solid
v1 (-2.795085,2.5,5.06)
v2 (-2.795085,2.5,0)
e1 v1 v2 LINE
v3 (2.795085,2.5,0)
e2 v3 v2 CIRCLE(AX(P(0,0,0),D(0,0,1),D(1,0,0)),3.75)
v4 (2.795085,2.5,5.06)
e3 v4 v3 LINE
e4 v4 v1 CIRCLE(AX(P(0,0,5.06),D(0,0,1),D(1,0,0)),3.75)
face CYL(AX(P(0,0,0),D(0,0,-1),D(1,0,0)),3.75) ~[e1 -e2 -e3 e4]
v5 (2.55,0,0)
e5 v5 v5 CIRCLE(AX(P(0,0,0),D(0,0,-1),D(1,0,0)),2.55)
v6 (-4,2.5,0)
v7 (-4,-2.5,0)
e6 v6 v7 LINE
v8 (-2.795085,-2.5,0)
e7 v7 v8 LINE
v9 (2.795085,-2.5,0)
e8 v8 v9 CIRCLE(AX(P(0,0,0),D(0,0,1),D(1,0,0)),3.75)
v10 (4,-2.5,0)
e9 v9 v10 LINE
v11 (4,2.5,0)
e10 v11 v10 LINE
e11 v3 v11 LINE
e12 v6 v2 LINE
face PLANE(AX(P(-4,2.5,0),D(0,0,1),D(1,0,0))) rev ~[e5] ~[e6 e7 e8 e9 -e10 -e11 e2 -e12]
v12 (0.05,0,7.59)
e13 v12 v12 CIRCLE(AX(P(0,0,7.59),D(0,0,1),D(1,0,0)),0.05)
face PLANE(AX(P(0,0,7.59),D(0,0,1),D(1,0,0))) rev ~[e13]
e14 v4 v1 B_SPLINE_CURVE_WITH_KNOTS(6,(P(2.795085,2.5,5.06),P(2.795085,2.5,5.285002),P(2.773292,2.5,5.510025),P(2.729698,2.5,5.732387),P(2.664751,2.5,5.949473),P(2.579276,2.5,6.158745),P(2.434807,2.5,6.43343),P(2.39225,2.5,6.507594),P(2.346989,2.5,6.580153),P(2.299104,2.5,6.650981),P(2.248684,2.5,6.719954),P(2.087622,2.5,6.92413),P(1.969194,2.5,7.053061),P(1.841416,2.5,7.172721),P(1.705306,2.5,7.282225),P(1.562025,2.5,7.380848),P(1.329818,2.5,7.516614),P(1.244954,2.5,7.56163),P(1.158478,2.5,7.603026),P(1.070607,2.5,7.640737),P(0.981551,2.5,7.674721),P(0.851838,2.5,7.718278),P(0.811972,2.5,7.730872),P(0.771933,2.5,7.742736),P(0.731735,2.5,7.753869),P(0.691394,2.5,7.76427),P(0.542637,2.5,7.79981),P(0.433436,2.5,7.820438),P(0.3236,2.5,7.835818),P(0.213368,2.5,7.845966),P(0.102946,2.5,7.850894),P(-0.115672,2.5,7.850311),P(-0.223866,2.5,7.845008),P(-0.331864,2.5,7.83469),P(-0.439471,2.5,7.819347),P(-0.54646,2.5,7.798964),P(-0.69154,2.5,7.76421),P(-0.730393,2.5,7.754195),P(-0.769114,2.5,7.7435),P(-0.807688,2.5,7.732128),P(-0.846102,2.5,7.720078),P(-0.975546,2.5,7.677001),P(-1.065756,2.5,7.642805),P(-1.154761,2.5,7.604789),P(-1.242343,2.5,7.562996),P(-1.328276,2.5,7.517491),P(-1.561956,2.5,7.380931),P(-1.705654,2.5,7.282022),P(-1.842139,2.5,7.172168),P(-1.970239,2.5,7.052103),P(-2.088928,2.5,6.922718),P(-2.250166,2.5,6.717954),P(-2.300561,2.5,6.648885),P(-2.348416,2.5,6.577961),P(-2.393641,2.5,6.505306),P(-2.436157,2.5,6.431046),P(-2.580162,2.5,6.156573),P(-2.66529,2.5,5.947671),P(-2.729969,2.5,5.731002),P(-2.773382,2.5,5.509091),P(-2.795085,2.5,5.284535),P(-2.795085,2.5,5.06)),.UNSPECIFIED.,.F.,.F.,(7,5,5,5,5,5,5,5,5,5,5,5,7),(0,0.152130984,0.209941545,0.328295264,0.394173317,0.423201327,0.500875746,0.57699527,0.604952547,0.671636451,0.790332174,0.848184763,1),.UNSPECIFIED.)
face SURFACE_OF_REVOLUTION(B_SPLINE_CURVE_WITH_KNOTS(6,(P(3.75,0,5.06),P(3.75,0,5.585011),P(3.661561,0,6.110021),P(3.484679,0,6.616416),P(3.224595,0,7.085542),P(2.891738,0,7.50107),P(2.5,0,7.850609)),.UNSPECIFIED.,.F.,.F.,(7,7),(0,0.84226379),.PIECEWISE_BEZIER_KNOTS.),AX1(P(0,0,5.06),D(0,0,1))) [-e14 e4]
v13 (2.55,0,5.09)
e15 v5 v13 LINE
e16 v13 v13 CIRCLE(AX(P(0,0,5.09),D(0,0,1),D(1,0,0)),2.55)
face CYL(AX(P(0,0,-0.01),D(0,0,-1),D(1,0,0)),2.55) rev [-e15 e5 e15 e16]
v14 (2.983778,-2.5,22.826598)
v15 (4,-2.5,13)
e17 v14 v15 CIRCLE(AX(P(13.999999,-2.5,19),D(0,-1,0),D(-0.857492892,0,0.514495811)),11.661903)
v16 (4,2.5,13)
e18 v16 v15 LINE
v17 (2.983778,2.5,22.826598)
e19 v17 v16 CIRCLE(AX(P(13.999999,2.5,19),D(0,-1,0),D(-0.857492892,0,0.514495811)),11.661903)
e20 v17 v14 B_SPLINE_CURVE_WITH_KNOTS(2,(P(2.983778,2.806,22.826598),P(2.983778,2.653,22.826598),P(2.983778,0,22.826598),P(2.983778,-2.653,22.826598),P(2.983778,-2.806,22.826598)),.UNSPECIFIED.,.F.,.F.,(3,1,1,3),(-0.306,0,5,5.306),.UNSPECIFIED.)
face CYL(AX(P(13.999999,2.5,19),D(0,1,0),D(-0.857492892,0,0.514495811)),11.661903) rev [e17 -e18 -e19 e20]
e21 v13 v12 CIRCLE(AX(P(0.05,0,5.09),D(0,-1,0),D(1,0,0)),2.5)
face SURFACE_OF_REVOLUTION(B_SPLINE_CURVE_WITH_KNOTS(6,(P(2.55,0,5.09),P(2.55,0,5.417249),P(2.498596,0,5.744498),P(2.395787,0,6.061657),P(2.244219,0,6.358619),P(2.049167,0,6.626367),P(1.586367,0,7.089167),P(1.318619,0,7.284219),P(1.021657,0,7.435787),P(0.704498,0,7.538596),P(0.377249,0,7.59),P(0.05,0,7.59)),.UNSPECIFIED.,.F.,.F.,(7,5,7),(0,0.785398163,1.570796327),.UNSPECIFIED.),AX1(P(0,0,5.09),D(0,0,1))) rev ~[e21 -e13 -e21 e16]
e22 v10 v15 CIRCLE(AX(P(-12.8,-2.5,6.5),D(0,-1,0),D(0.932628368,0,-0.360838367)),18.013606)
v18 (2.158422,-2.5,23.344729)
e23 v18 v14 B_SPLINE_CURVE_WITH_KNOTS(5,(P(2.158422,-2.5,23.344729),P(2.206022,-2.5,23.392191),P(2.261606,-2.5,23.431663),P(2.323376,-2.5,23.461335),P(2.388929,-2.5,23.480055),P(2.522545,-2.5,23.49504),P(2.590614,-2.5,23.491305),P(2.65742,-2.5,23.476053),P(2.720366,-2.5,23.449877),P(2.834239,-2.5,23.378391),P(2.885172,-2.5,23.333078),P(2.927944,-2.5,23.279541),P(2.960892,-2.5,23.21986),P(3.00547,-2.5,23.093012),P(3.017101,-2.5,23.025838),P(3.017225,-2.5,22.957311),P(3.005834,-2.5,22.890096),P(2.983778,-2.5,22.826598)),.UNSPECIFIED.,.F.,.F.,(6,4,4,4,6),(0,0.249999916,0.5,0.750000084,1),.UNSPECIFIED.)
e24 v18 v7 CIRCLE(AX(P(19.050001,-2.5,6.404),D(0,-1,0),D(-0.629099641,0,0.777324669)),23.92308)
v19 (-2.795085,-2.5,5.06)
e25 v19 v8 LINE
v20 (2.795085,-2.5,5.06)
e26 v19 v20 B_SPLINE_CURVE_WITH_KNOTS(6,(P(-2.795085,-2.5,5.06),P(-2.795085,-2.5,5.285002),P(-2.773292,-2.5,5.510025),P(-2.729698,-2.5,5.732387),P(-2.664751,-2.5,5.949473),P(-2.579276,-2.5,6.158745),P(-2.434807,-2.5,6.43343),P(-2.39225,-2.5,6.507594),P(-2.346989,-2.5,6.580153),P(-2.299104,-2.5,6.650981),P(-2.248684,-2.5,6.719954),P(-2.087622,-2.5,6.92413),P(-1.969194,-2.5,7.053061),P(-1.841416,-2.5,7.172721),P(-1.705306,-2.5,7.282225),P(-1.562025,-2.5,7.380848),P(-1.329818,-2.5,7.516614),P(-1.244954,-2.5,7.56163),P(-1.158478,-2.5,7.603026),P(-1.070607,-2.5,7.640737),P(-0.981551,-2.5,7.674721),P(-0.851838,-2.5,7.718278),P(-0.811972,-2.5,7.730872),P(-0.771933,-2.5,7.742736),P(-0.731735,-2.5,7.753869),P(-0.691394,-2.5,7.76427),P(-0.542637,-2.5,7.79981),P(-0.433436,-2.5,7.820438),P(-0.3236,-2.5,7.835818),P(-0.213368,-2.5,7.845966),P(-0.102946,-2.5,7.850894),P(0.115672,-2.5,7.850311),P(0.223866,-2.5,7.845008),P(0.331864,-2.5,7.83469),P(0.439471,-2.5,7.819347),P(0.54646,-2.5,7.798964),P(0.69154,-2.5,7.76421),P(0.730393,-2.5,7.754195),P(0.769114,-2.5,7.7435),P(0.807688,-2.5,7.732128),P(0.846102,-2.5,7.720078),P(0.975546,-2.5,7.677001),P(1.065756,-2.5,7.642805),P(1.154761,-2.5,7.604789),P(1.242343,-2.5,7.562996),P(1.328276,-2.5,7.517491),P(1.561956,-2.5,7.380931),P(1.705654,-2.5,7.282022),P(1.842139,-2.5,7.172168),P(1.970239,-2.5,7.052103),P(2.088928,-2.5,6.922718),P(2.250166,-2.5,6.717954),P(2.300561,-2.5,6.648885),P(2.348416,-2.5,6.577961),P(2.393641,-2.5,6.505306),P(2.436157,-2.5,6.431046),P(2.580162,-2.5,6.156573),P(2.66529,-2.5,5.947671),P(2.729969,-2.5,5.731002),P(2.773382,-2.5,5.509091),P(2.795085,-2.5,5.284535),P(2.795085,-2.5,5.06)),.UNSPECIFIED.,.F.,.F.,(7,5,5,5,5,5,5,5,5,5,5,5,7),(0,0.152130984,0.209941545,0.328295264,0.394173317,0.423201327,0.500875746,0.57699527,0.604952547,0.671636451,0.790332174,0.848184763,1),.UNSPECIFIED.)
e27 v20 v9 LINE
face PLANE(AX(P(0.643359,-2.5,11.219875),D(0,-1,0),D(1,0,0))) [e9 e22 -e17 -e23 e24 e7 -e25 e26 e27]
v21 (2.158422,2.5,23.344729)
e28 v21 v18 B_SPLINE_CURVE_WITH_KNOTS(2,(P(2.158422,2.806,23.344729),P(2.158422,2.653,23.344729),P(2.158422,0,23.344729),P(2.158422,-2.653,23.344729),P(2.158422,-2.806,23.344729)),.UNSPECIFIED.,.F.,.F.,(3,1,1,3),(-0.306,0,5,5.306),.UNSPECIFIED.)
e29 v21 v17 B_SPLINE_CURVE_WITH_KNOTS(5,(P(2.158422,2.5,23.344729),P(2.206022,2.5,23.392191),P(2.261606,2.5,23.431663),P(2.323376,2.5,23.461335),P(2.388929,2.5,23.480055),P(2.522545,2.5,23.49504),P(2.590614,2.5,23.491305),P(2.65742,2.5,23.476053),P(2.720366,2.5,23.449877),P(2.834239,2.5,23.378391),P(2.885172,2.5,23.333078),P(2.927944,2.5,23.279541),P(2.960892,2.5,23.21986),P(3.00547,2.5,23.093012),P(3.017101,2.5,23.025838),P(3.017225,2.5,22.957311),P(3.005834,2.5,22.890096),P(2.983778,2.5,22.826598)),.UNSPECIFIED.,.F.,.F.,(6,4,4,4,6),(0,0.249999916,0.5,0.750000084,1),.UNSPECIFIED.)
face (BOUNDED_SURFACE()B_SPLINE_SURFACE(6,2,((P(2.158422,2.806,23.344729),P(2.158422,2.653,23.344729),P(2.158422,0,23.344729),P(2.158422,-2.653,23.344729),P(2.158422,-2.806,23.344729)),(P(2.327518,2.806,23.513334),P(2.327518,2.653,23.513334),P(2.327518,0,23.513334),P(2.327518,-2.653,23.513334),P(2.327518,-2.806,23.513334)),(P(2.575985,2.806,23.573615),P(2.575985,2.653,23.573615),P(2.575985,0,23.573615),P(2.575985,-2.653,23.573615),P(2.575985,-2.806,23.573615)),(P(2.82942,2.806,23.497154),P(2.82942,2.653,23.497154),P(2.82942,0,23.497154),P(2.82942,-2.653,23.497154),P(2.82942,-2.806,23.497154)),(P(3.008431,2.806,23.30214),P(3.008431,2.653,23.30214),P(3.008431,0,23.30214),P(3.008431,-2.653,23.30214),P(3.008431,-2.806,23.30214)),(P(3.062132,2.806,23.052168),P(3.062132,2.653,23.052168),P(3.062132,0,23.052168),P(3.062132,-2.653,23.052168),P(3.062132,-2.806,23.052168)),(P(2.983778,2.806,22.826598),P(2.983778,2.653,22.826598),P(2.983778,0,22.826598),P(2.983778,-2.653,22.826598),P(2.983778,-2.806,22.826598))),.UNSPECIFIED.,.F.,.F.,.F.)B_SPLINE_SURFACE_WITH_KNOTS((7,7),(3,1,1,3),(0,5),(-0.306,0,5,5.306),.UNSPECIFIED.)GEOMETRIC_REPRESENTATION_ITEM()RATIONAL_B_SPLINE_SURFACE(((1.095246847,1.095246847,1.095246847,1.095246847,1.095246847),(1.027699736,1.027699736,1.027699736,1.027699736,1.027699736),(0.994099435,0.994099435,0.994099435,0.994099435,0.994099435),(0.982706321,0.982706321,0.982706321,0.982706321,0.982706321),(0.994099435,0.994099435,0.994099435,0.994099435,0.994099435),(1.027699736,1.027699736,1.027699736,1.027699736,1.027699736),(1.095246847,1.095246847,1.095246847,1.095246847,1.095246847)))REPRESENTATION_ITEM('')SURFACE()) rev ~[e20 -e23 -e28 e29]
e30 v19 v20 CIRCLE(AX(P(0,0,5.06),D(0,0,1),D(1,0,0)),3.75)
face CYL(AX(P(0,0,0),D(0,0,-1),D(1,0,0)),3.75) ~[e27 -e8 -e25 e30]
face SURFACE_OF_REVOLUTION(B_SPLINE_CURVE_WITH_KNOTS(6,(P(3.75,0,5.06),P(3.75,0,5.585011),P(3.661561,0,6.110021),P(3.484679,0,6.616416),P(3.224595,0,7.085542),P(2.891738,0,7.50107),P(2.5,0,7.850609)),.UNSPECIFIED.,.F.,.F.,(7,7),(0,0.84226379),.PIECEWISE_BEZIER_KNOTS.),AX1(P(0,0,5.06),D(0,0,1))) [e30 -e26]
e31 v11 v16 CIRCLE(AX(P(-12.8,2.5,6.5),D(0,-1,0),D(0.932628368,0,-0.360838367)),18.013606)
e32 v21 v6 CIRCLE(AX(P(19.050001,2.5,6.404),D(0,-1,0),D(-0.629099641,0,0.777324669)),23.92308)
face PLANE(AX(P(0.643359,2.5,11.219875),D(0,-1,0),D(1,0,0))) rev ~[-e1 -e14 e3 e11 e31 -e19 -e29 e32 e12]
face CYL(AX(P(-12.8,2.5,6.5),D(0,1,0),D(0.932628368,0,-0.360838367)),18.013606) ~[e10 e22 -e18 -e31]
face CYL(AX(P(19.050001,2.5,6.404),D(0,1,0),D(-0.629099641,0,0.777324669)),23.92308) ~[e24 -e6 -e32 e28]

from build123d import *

# Parameters (mm, degrees)
CYLINDER_R        = 2.55
CYLINDER_DEPTH    = 7.6
FILLET_R          = 2.5
PAD_DEPTH         = 5
CYLINDER001_R     = 3.75
CYLINDER001_DEPTH = 8.8
FILLET001_R       = 3.74
FILLET002_R       = 0.5


with BuildPart() as led_clearance_to_be_removed:
    # Cylinder → Cylinder (new body)
    with BuildSketch(Plane.XY.offset(-0.01)):
        Circle(CYLINDER_R)
    extrude(amount=CYLINDER_DEPTH)

    # Fillet
    fillet_edges = [led_clearance_to_be_removed.edges().sort_by_distance(p)[0] for p in [
        (-2.55, 0, 7.59),
    ]]
    fillet(fillet_edges, radius=FILLET_R)


with BuildPart() as flame_shape:
    # Sketch → Pad (new body)
    with BuildSketch(Plane.XZ):
        with BuildLine():
            Line((-4, 0), (4, 0))
            ThreePointArc((4, 0), (5.213606, 6.5), (4, 13))
            ThreePointArc((4, 25), (2.338096, 19), (4, 13))
            ThreePointArc((4, 25), (-3.734918, 13.695174), (-4, 0))
        make_face()
    extrude(amount=PAD_DEPTH)


with BuildPart() as flame_shape_1:
    # Body placement: moved
    add(flame_shape.part.moved(Location((0, 2.5, 0))))


with BuildPart() as flame_diffuser:
    # Cylinder001 → Cylinder001 (new body)
    with BuildSketch(Plane.XY):
        Circle(CYLINDER001_R)
    extrude(amount=CYLINDER001_DEPTH)

    # Fillet001
    fillet001_edges = [flame_diffuser.edges().sort_by_distance(p)[0] for p in [
        (-3.75, 0, 8.8),
    ]]
    fillet(fillet001_edges, radius=FILLET001_R)

    # Fusion: union flame shape
    add(flame_shape_1.part)

    # Cut: cut led clearance to be removed
    add(led_clearance_to_be_removed.part, mode=Mode.SUBTRACT)

    # Fillet002
    fillet002_edges = [flame_diffuser.edges().sort_by_distance(p)[0] for p in [
        (4, 0, 25),
    ]]
    fillet(fillet002_edges, radius=FILLET002_R)


solid = flame_diffuser.part
